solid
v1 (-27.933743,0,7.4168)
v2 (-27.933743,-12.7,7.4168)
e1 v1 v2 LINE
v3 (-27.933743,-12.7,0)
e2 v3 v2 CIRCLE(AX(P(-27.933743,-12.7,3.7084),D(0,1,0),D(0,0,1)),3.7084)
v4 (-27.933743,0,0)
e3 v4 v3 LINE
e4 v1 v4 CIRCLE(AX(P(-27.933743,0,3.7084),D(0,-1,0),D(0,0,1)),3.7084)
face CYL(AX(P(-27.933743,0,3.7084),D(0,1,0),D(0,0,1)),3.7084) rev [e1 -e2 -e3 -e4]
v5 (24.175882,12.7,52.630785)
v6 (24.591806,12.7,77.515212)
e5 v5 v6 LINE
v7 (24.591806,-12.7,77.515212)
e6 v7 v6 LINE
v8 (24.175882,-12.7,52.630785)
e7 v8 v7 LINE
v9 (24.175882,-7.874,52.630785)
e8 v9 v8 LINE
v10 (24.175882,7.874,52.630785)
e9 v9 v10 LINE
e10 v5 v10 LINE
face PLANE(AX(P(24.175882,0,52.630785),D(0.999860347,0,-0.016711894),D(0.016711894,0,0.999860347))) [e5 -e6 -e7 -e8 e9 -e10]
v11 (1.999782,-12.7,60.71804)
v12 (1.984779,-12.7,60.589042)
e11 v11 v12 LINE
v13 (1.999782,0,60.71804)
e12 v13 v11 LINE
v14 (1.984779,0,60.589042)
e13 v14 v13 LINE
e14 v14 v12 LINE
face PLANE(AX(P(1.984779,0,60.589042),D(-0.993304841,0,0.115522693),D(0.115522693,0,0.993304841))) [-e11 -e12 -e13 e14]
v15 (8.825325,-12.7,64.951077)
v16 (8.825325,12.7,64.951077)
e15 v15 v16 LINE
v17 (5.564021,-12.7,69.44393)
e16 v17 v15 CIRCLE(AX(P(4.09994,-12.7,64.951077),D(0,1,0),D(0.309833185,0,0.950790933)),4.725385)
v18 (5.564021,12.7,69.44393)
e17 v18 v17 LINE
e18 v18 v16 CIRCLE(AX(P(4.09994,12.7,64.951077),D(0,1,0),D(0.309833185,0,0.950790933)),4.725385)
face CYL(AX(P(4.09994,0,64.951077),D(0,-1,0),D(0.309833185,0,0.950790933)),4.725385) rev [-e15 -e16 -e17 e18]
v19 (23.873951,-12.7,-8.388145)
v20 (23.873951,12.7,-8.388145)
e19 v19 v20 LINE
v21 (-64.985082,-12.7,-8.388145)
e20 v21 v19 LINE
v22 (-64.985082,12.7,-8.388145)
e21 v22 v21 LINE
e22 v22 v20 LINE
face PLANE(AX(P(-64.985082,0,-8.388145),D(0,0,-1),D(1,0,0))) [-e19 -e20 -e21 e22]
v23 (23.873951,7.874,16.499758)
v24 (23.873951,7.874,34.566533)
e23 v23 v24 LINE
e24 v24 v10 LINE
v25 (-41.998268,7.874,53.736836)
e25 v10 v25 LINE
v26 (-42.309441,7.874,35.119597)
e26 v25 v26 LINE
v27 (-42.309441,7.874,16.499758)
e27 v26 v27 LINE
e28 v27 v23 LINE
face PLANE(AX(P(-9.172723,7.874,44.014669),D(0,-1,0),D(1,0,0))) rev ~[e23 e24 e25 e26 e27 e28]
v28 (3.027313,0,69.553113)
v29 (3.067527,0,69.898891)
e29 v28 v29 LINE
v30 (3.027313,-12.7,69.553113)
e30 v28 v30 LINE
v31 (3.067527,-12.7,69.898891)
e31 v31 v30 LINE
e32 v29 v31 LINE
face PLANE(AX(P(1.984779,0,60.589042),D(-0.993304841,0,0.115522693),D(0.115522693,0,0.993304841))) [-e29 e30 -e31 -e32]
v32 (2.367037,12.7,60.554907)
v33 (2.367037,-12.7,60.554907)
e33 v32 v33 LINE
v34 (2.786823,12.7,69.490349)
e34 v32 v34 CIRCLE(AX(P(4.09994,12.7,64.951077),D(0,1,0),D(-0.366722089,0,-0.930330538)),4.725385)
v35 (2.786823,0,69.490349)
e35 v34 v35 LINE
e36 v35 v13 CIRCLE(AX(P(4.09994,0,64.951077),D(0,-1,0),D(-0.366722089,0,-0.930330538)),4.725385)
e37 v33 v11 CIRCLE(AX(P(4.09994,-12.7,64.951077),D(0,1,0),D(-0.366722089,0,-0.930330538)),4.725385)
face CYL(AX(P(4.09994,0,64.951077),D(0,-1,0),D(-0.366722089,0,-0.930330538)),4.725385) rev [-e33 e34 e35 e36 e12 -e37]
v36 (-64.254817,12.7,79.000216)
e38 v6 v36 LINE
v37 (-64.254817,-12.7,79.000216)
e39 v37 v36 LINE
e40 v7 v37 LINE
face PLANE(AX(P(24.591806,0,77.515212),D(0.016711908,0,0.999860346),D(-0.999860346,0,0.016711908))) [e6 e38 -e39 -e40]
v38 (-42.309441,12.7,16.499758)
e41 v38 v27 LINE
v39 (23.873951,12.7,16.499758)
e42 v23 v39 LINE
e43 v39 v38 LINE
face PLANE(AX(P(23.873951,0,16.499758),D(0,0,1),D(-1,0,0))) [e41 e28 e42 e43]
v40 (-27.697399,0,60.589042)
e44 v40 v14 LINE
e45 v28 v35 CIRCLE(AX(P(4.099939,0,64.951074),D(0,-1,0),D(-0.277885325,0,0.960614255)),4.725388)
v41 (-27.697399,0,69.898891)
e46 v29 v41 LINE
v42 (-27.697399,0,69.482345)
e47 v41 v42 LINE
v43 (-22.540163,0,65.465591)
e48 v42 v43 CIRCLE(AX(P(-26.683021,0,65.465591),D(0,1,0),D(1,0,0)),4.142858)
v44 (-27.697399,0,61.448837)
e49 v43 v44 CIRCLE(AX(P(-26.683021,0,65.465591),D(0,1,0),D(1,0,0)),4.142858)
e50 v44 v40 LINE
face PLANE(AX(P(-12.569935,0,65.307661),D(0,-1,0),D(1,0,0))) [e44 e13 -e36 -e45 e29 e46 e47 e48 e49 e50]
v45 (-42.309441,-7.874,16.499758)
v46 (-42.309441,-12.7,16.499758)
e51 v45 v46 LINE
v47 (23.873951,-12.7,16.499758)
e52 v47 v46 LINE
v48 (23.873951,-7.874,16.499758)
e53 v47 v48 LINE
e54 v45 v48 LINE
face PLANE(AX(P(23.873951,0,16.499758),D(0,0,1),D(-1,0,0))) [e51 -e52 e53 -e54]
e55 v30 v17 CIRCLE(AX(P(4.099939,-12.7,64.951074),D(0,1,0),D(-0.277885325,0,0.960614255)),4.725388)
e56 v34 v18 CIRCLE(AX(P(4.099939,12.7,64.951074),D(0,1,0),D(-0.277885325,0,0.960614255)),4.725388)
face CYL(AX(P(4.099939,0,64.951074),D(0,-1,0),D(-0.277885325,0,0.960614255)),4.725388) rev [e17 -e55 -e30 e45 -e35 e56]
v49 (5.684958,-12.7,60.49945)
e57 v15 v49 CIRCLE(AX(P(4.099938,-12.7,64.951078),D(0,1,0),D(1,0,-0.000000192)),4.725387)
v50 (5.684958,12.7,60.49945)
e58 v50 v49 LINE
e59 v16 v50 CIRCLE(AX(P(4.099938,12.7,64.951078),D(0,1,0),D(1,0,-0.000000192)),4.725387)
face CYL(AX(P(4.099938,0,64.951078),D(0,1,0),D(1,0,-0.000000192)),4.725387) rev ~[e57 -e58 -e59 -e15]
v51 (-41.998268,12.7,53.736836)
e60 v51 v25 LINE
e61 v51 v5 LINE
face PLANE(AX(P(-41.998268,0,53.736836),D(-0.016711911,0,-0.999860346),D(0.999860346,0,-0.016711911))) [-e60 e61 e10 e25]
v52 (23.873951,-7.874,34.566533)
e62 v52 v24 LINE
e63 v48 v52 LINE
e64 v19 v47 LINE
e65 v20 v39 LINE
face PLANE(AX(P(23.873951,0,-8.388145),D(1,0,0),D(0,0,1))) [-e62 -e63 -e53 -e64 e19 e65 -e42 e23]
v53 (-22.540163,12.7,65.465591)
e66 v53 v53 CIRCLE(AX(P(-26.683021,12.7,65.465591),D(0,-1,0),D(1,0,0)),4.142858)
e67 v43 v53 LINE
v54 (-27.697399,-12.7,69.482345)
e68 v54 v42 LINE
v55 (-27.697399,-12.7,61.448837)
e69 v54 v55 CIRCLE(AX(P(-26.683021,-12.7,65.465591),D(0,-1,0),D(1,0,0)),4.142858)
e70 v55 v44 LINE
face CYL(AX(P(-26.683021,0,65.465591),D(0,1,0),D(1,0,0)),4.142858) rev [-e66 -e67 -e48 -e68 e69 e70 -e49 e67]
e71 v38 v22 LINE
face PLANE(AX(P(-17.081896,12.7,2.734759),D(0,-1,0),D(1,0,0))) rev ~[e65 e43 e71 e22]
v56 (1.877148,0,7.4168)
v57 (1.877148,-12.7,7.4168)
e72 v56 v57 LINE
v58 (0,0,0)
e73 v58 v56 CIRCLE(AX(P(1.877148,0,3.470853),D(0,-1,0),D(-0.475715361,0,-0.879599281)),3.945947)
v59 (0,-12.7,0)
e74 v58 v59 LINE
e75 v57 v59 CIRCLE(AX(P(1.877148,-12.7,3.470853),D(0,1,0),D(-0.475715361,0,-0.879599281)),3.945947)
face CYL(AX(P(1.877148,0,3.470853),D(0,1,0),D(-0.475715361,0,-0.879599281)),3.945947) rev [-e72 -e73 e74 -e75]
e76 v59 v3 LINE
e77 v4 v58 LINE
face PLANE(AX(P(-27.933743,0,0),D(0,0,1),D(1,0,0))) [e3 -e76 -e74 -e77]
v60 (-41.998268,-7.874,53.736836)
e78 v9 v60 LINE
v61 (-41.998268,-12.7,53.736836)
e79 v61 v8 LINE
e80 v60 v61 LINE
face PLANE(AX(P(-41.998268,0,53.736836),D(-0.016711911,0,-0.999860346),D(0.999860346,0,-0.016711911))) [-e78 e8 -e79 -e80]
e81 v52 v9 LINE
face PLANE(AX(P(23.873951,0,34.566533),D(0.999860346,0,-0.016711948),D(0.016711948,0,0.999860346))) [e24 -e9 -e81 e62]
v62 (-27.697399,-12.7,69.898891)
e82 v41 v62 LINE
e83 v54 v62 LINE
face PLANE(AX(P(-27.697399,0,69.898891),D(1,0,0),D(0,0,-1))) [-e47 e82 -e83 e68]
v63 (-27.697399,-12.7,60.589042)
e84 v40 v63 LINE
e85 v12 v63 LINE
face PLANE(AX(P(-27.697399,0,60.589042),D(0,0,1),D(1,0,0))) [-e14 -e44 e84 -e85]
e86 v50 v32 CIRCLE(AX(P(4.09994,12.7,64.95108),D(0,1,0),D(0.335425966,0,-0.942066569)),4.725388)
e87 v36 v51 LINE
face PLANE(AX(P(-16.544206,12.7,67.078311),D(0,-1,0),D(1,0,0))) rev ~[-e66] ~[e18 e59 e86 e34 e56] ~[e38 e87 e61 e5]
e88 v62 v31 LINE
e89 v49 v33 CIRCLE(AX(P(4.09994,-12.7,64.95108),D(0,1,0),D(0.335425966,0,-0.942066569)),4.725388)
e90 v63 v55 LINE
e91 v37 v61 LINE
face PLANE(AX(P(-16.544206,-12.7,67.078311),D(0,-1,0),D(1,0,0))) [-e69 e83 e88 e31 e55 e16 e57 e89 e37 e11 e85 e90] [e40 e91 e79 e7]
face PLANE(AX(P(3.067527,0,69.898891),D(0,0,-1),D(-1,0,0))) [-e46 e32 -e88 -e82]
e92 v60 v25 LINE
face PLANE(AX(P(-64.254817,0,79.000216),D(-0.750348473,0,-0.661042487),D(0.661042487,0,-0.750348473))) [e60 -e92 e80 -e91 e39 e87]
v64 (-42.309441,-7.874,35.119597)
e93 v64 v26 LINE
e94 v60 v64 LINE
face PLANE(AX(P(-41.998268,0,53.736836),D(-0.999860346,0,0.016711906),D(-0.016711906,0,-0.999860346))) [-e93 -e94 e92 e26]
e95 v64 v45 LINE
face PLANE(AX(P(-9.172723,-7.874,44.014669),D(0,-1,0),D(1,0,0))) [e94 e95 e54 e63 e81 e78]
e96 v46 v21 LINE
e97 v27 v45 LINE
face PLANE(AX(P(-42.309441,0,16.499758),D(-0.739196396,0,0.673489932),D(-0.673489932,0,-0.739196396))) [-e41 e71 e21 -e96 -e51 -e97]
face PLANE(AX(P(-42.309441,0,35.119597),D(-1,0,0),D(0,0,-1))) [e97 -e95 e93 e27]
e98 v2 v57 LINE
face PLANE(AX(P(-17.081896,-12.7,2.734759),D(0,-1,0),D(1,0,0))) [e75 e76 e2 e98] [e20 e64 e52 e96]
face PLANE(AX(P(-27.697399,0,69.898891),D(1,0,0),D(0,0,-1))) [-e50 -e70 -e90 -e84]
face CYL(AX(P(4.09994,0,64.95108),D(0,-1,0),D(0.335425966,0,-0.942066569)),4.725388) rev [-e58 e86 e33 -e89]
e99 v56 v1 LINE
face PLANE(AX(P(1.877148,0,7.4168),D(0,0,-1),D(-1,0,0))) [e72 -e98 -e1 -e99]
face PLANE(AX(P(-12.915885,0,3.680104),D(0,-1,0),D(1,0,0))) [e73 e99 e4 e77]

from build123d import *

# Parameters (mm, degrees)
F0_R     = 4.142858
F1_DEPTH = 12.7
F3_DEPTH = 36.068
F4_DEPTH = 7.874
F5_DEPTH = 7.874
F6_DEPTH = 12.7
F8_DEPTH = 38.354


with BuildPart() as f1:
    # F0 (on Front) → F1 (new body, symmetric)
    with BuildSketch(Plane.XZ):
        Polygon((23.873951, 16.499758), (-42.309441, 16.499758), (-64.985082, -8.388145), (23.873951, -8.388145), align=None)
        with Locations((-27.192343, 4.516693)):
            Circle(F0_R, mode=Mode.SUBTRACT)
        with BuildLine():
            ThreePointArc((1.935726, 8.94121), (3.594917, 9.242078), (5.254109, 8.94121))
            ThreePointArc((5.254109, 8.94121), (7.478832, 7.208249), (8.320303, 4.516693))
            ThreePointArc((8.320303, 4.516693), (7.395697, 1.708964), (4.983711, 0))
            ThreePointArc((4.983711, 0), (3.594917, -0.208692), (2.206124, 0))
            ThreePointArc((2.206124, 0), (-1.128308, 4.373854), (1.935726, 8.94121))
        make_face(mode=Mode.SUBTRACT)
        with BuildLine():
            ThreePointArc((8.320303, 4.516693), (7.478832, 7.208249), (5.254109, 8.94121))
            Line((5.254109, 8.94121), (1.935726, 8.94121))
            ThreePointArc((1.935726, 8.94121), (-1.128308, 4.373854), (2.206124, 0))
            Line((2.206124, 0), (4.983711, 0))
            ThreePointArc((4.983711, 0), (7.395697, 1.708964), (8.320303, 4.516693))
        make_face()
        with Locations((-27.192343, 4.516693)):
            Circle(F0_R)
        with BuildLine():
            Line((4.983711, 0), (2.206124, 0))
            ThreePointArc((2.206124, 0), (3.594917, -0.208692), (4.983711, 0))
        make_face()
        with BuildLine():
            Line((1.935726, 8.94121), (5.254109, 8.94121))
            ThreePointArc((5.254109, 8.94121), (3.594917, 9.242078), (1.935726, 8.94121))
        make_face()
    extrude(amount=F1_DEPTH, both=True)

    # F2 (on Front) → F3 (cut)
    with BuildSketch(Plane.XZ):
        with BuildLine():
            Line((1.877148, 7.4168), (-27.933743, 7.4168))
            ThreePointArc((-27.933743, 7.4168), (-31.642143, 3.7084), (-27.933743, 0))
            Line((-27.933743, 0), (0, 0))
            ThreePointArc((0, 0), (5.702478, 2.502684), (1.877148, 7.4168))
        make_face()
    extrude(amount=F3_DEPTH, mode=Mode.SUBTRACT)

    # F0 (on Front) → F4 (join, symmetric)
    with BuildSketch(Plane.XZ):
        Polygon((-42.309441, 35.119597), (-42.309441, 16.499758), (23.873951, 16.499758), (23.873951, 34.566533), align=None)
    extrude(amount=F4_DEPTH, both=True)

    # F0 (on Front) → F5 (join, symmetric)
    with BuildSketch(Plane.XZ):
        Polygon((-41.998268, 53.736836), (-42.309441, 35.119597), (23.873951, 34.566533), (24.175882, 52.630785), align=None)
    extrude(amount=F5_DEPTH, both=True)

    # F0 (on Front) → F6 (join, symmetric)
    with BuildSketch(Plane.XZ):
        Polygon((-64.254817, 79.000216), (-41.998268, 53.736836), (24.175882, 52.630785), (24.591806, 77.515212), align=None)
        with Locations((-26.683021, 65.465591)):
            Circle(F0_R, mode=Mode.SUBTRACT)
        with BuildLine():
            ThreePointArc((8.825325, 64.951077), (7.961227, 62.22716), (5.684958, 60.49945))
            ThreePointArc((5.684958, 60.49945), (4.02097, 60.226352), (2.367037, 60.554907))
            ThreePointArc((2.367037, 60.554907), (-0.620239, 65.17283), (2.786823, 69.490349))
            ThreePointArc((2.786823, 69.490349), (4.17891, 69.675802), (5.564021, 69.44393))
            ThreePointArc((5.564021, 69.44393), (7.924048, 67.726948), (8.825325, 64.951077))
        make_face(mode=Mode.SUBTRACT)
    extrude(amount=F6_DEPTH, both=True)

    # F7 (on Front) → F8 (cut)
    with BuildSketch(Plane.XZ):
        Polygon((-27.697399, 60.589042), (1.984779, 60.589042), (3.067527, 69.898891), (-27.697399, 69.898891), align=None)
    extrude(amount=F8_DEPTH, mode=Mode.SUBTRACT)


solid = f1.part
